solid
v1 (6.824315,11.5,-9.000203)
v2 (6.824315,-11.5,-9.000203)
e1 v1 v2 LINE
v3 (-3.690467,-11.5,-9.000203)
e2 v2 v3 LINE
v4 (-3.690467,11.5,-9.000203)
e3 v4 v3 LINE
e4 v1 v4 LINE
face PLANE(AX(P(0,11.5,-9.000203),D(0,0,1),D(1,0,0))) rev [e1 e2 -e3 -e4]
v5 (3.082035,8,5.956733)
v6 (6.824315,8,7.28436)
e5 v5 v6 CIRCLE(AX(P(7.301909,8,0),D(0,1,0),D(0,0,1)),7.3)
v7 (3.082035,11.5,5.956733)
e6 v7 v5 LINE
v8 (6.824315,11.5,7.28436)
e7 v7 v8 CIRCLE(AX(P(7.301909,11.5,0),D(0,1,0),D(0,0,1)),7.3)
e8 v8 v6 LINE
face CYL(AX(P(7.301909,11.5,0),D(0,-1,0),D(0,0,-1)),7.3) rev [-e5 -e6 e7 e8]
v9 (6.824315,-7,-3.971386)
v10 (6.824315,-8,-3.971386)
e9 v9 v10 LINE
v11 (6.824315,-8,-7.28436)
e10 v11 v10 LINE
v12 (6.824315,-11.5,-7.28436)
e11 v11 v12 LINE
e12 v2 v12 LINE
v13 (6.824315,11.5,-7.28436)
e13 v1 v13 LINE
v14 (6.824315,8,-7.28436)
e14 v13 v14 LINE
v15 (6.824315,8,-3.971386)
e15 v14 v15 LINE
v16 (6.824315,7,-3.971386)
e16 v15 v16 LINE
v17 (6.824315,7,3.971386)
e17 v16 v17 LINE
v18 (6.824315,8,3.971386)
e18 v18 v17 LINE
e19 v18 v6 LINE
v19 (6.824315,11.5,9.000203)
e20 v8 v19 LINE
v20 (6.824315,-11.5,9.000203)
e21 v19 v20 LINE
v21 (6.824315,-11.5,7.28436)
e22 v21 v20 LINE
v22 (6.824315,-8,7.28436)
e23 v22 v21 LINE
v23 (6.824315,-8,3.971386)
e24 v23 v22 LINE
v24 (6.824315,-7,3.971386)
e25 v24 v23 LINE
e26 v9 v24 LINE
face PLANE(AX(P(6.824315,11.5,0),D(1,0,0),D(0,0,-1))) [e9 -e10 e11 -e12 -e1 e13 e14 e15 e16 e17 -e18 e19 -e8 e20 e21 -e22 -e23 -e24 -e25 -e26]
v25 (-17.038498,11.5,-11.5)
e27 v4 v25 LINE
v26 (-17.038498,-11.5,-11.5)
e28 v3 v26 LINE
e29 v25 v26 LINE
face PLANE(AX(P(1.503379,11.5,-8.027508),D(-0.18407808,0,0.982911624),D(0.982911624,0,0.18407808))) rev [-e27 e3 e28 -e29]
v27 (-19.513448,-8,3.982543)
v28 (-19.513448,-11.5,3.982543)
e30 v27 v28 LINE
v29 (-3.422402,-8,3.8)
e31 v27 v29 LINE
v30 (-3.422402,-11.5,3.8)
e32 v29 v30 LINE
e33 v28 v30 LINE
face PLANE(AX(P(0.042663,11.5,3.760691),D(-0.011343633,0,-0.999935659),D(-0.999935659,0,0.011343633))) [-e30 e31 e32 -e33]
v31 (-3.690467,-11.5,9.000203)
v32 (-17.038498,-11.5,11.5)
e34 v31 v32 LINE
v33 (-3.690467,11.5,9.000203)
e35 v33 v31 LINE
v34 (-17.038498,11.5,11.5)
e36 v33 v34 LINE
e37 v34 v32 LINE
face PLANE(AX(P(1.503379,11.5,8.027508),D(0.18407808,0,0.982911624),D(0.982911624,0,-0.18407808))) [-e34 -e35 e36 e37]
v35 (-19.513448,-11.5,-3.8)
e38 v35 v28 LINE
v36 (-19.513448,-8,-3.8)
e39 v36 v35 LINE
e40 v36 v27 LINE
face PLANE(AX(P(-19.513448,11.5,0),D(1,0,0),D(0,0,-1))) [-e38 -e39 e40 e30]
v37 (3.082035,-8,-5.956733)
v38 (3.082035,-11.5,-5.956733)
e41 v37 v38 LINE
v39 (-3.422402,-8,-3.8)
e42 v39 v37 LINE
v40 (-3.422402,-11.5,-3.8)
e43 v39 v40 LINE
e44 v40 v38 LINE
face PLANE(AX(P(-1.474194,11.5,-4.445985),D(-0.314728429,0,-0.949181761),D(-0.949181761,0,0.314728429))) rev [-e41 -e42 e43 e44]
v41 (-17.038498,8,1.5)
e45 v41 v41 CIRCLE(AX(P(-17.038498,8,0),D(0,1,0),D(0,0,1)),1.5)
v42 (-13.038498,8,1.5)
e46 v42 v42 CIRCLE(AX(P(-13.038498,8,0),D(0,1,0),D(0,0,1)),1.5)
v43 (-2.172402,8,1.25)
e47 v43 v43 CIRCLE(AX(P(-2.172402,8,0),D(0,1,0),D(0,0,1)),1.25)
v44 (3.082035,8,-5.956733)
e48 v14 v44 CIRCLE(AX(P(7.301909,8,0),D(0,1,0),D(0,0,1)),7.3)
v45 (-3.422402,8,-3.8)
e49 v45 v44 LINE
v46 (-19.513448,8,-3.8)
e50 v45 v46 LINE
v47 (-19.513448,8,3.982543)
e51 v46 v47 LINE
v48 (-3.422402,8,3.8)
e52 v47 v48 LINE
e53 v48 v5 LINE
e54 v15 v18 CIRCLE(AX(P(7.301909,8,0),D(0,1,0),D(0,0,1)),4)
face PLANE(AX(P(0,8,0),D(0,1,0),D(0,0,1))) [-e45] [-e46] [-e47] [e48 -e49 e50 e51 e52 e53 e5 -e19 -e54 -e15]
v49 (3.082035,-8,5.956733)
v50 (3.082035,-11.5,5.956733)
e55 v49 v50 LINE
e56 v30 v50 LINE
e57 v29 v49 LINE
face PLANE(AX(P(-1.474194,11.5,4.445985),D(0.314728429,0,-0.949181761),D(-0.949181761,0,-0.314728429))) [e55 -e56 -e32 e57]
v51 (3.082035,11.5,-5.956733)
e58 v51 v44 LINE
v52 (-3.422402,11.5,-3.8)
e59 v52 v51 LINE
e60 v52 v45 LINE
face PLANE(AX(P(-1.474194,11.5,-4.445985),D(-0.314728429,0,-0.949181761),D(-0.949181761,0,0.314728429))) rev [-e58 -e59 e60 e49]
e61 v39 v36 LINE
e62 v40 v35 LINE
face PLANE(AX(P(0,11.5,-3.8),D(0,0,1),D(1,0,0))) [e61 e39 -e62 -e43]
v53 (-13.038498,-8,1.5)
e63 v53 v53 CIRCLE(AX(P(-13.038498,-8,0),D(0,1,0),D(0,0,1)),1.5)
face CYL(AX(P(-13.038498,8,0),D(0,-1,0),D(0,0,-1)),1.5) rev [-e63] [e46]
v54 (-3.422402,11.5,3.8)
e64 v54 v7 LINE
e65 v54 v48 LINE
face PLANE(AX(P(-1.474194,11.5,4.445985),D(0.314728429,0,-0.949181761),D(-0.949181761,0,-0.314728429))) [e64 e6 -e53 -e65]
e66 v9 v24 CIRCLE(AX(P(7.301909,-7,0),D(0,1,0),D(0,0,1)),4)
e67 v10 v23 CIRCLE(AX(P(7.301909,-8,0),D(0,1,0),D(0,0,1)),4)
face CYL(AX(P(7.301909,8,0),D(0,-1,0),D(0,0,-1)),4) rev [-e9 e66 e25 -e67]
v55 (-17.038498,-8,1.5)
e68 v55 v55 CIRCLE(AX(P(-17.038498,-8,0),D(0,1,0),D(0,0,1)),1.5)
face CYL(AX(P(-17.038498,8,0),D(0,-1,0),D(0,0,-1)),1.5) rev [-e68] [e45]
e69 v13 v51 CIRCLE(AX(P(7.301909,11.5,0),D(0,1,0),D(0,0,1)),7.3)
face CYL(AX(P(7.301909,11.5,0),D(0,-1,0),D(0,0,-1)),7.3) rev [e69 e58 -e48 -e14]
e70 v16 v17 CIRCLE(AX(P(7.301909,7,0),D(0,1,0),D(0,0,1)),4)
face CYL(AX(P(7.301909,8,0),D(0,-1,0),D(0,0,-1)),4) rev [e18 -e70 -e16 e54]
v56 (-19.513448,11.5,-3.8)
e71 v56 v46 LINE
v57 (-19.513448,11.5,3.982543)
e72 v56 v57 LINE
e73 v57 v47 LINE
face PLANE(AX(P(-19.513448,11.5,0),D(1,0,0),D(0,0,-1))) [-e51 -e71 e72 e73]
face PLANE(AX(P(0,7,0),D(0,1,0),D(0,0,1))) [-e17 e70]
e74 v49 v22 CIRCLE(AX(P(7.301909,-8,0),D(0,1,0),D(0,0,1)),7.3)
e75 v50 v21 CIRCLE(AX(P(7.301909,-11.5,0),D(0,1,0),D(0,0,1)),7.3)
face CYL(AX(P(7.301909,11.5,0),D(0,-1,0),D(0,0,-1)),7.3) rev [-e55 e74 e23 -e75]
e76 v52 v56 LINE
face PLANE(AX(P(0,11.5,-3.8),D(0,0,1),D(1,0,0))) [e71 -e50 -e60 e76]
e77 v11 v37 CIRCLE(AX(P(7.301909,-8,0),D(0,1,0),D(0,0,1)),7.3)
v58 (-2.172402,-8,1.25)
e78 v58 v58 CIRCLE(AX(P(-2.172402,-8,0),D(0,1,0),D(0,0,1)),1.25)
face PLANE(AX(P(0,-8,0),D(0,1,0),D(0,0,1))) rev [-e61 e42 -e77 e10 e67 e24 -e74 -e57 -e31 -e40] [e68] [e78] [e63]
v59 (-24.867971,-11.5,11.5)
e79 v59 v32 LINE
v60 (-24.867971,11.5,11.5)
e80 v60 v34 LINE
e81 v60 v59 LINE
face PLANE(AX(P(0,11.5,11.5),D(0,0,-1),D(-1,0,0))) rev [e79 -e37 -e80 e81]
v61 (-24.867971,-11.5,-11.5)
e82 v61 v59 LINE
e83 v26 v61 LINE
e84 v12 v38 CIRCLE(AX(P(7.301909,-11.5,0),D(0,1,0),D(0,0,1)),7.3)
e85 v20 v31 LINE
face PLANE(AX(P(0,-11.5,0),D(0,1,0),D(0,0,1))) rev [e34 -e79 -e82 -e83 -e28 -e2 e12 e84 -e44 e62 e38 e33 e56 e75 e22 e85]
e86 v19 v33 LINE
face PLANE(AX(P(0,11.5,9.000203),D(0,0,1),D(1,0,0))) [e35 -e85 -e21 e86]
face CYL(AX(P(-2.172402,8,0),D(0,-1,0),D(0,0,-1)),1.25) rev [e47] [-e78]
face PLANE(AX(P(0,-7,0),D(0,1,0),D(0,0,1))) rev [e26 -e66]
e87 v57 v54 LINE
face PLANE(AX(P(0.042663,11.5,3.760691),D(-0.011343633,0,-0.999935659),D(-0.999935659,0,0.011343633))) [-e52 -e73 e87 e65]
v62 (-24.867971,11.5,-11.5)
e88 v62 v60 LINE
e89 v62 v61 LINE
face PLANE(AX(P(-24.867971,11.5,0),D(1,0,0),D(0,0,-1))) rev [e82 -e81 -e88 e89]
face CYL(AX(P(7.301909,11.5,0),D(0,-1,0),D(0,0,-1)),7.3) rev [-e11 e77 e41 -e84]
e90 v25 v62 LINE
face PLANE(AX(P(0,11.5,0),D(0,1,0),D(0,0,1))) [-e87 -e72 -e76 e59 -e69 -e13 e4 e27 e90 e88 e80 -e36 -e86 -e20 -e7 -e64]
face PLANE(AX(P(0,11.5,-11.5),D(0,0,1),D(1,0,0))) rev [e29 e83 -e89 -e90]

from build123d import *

# Parameters (mm, degrees)
BOSS_EXTRUDE1_DEPTH = 11.5
SKETCH1_13_R        = 1.5
SKETCH1_13_R_2      = 1.25
BOSS_EXTRUDE2_DEPTH = 8
BOSS_EXTRUDE3_DEPTH = 7


with BuildPart() as part:
    # Sketch1 → Boss-Extrude1 (new, symmetric)
    with BuildSketch(Plane(origin=(0, 0, 0), x_dir=(1, 0, 0), z_dir=(0, 1, 0))):
        with BuildLine():
            Line((6.824314586, 7.284360201), (6.824314586, 9.00020274))
            Line((6.824314586, 9.00020274), (-3.690467309, 9.00020274))
            Line((-3.690467309, 9.00020274), (-17.038497557, 11.5))
            Line((-17.038497557, 11.5), (-24.867971487, 11.5))
            Line((-24.867971487, 11.5), (-24.867971487, -11.5))
            Line((-24.867971487, -11.5), (-17.038497557, -11.5))
            Line((-17.038497557, -11.5), (-3.690467309, -9.00020274))
            Line((-3.690467309, -9.00020274), (6.824314586, -9.00020274))
            Line((6.824314586, -9.00020274), (6.824314586, -7.284360201))
            ThreePointArc((6.824314586, -7.284360201), (4.861171432, -6.879883717), (3.082035449, -5.956732906))
            Line((3.082035449, -5.956732906), (-3.422402494, -3.8))
            Line((-3.422402494, -3.8), (-19.513448301, -3.98254267))
            Line((-19.513448301, -3.98254267), (-19.513448301, 3.8))
            Line((-19.513448301, 3.8), (-3.422402494, 3.8))
            Line((-3.422402494, 3.8), (3.082035449, 5.956732906))
            ThreePointArc((3.082035449, 5.956732906), (4.861171432, 6.879883717), (6.824314586, 7.284360201))
        make_face()
    extrude(amount=BOSS_EXTRUDE1_DEPTH, both=True)

    # Sketch1<13> → Boss-Extrude2 (add, symmetric)
    with BuildSketch(Plane(origin=(0, 0, 0), x_dir=(1, 0, 0), z_dir=(0, 1, 0))):
        with BuildLine():
            Line((6.824314586, 3.971385595), (6.824314586, 7.284360201))
            ThreePointArc((6.824314586, 7.284360201), (4.861171432, 6.879883717), (3.082035449, 5.956732906))
            Line((3.082035449, 5.956732906), (-3.422402494, 3.8))
            Line((-3.422402494, 3.8), (-19.513448301, 3.8))
            Line((-19.513448301, 3.8), (-19.513448301, -3.98254267))
            Line((-19.513448301, -3.98254267), (-3.422402494, -3.8))
            Line((-3.422402494, -3.8), (3.082035449, -5.956732906))
            ThreePointArc((3.082035449, -5.956732906), (4.861171432, -6.879883717), (6.824314586, -7.284360201))
            Line((6.824314586, -7.284360201), (6.824314586, -3.971385595))
            ThreePointArc((6.824314586, -3.971385595), (3.301909035, 0), (6.824314586, 3.971385595))
        make_face()
        with Locations((-17.038497557, 0)):
            Circle(SKETCH1_13_R, mode=Mode.SUBTRACT)
        with Locations((-13.038497557, 0)):
            Circle(SKETCH1_13_R, mode=Mode.SUBTRACT)
        with Locations((-2.172402494, 0)):
            Circle(SKETCH1_13_R_2, mode=Mode.SUBTRACT)
    extrude(amount=BOSS_EXTRUDE2_DEPTH, both=True)

    # Sketch1<14> → Boss-Extrude3 (add, symmetric)
    with BuildSketch(Plane(origin=(0, 0, 0), x_dir=(1, 0, 0), z_dir=(0, 1, 0))):
        with BuildLine():
            Line((6.824314586, -3.971385595), (6.824314586, 3.971385595))
            ThreePointArc((6.824314586, 3.971385595), (3.301909035, 0), (6.824314586, -3.971385595))
        make_face()
    extrude(amount=BOSS_EXTRUDE3_DEPTH, both=True)


solid = part.part
